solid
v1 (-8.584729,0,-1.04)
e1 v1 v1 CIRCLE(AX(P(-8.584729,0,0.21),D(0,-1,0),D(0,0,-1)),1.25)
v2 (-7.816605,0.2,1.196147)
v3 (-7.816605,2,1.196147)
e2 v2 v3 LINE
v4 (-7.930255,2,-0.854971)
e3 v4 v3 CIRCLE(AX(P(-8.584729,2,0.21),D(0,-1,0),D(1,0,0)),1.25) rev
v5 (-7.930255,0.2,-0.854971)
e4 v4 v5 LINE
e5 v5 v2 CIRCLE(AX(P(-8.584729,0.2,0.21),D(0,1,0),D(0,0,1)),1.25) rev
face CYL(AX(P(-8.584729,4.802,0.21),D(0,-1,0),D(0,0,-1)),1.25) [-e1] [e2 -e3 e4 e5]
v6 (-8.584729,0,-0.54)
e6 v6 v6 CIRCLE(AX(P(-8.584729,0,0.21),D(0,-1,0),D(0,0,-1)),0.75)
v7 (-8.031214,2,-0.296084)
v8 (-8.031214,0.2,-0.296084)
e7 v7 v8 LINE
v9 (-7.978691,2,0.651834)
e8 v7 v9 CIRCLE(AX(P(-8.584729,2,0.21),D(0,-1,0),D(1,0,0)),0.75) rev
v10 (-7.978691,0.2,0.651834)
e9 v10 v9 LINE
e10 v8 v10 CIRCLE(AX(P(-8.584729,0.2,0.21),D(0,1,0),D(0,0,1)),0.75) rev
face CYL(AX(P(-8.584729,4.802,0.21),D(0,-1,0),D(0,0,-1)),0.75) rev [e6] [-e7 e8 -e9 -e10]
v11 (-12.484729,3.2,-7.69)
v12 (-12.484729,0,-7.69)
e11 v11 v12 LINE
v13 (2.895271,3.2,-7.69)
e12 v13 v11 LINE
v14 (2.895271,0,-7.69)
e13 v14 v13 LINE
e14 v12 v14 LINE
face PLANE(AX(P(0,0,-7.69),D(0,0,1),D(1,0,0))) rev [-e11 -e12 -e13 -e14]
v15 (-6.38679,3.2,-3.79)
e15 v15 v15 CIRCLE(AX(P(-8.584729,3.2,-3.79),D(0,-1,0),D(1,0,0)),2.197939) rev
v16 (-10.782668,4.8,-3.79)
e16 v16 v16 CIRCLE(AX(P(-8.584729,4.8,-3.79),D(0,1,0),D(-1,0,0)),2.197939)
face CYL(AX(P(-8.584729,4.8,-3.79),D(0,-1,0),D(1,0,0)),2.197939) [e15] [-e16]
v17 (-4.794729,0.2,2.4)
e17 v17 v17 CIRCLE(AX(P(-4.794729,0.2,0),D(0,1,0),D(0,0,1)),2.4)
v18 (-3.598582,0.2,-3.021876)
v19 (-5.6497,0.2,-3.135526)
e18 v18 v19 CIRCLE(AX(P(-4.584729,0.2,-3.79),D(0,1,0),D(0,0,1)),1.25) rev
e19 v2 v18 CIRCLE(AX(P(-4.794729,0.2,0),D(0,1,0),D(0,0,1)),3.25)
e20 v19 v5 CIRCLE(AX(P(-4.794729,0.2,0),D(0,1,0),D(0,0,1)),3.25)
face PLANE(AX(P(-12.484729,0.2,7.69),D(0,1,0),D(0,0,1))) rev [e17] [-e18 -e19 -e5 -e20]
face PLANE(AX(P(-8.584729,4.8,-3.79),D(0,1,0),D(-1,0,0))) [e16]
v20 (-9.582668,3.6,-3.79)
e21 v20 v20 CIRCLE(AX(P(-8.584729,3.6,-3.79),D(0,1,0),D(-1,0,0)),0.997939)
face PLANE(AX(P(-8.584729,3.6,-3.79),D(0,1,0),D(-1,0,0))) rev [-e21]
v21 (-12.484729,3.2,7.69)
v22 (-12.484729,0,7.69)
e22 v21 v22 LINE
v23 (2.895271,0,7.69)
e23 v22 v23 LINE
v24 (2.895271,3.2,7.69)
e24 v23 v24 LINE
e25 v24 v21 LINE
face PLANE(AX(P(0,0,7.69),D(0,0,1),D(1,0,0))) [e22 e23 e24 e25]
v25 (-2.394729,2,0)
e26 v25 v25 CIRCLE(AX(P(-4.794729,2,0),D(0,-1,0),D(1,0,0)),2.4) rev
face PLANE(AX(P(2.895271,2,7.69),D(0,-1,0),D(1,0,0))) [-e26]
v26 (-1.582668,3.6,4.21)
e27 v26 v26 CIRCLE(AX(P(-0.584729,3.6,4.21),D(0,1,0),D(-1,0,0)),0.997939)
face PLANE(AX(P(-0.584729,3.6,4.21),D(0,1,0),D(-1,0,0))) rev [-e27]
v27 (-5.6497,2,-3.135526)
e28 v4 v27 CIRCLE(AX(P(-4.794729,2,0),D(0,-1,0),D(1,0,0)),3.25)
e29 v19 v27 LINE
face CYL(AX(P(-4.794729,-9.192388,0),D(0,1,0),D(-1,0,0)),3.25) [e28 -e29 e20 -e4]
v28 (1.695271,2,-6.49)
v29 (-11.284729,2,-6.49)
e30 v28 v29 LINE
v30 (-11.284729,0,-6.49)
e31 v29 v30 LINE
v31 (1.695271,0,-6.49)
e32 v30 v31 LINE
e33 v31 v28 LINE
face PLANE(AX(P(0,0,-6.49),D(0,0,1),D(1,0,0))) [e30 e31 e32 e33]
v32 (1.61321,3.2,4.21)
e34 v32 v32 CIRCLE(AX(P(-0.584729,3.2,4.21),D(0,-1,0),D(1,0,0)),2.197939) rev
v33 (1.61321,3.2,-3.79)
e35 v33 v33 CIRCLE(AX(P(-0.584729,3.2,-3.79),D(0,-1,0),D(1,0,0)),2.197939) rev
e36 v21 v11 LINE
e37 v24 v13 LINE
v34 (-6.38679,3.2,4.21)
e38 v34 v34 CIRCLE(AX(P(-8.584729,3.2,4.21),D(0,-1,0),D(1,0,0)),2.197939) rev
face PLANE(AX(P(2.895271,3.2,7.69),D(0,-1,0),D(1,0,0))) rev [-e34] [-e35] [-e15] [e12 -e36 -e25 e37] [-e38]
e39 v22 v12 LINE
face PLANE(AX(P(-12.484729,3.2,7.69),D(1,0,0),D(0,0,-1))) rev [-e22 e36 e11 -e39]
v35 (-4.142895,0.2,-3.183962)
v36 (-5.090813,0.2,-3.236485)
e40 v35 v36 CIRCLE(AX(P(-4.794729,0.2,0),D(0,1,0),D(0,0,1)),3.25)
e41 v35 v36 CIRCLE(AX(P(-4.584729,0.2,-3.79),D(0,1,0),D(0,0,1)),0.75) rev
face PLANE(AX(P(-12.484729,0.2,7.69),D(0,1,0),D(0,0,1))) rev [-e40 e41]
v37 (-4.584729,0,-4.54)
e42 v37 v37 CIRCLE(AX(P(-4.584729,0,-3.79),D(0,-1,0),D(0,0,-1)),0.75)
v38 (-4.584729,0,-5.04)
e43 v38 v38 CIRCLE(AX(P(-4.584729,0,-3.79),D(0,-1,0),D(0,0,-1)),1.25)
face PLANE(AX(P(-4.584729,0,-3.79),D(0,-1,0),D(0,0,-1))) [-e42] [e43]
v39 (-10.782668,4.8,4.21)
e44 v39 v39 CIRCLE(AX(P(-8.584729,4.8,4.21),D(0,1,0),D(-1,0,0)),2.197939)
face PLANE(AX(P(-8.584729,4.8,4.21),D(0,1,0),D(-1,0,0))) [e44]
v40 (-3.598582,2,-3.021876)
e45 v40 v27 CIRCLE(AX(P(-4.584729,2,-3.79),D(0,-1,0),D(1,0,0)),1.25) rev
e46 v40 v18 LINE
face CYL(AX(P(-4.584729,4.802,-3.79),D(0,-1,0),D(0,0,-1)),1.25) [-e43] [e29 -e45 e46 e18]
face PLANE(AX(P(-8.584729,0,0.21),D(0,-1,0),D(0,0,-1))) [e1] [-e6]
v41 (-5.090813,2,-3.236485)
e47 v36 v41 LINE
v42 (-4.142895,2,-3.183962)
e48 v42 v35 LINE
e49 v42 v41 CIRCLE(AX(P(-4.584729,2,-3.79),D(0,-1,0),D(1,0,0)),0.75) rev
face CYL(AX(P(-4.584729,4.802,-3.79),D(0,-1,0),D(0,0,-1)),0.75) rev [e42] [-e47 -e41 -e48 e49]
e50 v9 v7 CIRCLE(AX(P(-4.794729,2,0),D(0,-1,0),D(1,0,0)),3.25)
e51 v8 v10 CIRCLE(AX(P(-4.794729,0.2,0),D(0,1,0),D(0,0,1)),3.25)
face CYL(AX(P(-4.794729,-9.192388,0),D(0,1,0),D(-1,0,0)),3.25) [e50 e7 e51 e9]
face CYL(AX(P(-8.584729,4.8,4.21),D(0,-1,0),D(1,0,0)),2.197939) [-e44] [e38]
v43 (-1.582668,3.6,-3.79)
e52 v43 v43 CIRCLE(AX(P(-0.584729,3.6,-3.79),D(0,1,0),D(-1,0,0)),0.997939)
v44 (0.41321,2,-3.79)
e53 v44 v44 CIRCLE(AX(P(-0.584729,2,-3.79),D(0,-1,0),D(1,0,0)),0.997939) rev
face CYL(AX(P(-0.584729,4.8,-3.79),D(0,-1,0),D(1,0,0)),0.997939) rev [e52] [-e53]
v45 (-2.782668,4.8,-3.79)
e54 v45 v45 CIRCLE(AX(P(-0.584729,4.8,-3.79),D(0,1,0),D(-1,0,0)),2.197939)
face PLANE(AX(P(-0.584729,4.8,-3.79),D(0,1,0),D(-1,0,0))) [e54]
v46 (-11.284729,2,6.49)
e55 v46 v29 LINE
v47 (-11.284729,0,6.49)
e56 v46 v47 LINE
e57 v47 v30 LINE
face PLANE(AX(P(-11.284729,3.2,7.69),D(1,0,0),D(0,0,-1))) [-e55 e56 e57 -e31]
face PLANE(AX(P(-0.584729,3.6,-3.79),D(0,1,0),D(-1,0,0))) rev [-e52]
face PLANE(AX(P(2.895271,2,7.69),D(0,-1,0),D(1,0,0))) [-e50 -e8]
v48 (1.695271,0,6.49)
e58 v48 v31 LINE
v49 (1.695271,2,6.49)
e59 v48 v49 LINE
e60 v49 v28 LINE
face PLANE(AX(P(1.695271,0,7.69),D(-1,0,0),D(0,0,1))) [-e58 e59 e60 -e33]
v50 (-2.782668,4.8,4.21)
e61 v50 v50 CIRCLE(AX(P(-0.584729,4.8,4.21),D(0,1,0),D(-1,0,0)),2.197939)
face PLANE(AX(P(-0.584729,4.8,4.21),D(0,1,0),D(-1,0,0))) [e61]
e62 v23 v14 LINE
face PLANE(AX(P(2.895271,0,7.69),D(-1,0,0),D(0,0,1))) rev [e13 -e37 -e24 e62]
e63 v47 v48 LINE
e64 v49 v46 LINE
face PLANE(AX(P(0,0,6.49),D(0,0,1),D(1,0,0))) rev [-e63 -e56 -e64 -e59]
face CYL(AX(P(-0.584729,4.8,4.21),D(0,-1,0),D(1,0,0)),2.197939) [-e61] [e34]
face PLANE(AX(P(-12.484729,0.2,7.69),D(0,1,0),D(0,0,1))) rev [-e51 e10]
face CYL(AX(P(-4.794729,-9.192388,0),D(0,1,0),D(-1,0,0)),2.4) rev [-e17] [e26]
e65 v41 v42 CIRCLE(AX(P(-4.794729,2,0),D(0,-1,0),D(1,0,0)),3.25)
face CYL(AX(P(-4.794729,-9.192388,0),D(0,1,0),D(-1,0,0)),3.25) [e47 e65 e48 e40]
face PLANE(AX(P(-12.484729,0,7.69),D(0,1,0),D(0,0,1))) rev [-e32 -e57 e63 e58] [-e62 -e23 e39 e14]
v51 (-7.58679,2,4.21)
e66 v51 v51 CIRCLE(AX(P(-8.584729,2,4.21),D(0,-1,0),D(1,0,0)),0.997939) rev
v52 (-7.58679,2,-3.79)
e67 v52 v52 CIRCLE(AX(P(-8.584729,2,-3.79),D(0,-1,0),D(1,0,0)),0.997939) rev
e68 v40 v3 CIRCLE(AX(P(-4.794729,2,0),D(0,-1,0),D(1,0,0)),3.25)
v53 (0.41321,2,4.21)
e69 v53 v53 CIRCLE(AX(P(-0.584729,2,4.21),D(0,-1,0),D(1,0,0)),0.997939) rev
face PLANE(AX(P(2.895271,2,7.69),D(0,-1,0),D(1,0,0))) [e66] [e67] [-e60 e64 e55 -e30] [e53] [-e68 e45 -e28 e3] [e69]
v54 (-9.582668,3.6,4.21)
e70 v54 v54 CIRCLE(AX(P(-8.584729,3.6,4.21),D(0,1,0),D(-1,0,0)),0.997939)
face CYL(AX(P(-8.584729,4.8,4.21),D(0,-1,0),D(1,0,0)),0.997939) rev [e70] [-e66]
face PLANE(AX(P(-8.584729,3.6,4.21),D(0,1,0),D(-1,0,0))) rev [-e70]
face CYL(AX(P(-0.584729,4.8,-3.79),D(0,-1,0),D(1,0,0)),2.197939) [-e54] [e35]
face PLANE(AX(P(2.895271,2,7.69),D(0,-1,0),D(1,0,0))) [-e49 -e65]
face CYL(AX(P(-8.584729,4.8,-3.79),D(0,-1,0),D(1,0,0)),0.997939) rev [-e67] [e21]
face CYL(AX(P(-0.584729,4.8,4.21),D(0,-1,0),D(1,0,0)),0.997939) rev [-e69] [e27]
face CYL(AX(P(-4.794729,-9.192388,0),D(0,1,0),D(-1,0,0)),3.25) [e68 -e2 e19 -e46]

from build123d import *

# Parameters (mm, degrees)
BASEFRAMESKETCH_W           = 15.38
BASEFRAMESKETCH_H           = 3.2
BASEFRAME_DEPTH             = 7.69
STUDSSKETCH_R               = 2.197938665
STUDS_DEPTH                 = 1.6
MAINSTUDSPATTERN_COUNT      = 2
MAINSTUDSPATTERN_PITCH      = 8
MAINSTUDSPATTERN_COUNT_DIR2 = 2
MAINSTUDSPATTERN_PITCH_DIR2 = 8
MAINBASESHELL_T             = -1.2
UNDERCIRCLESKETCH_R         = 3.25
UNDERCIRCLESKETCH_R_2       = 2.4
UNDERCIRCLEEXTRUDE_DEPTH    = 1.8
SMALLUNDERSIDEHOLEX_REACH   = 17.429
HOLEXSKETCH_R               = 1.25
HOLEXSKETCH_R_2             = 0.75
SMALLUNDERSIDEHOLEY_REACH   = 17.429
HOLEYSKETCH_R               = 1.25
HOLEYSKETCH_R_2             = 0.75


with BuildPart() as part:
    # BaseFrameSketch → BaseFrame (new, symmetric)
    with BuildSketch(Plane.XY):
        with Locations((-4.794729064, 1.6)):
            Rectangle(BASEFRAMESKETCH_W, BASEFRAMESKETCH_H)
    extrude(amount=BASEFRAME_DEPTH, both=True)

    # StudsSketch → Studs (add)
    with BuildSketch(Plane(origin=(0, 3.2, 0), x_dir=(1, 0, 0), z_dir=(0, 1, 0))):
        with Locations((-8.584729064, 3.79)):
            Circle(STUDSSKETCH_R)
    studs = extrude(amount=STUDS_DEPTH)

    # MainStudsPattern: Studs 2 × 2
    with Locations(*[(i * MAINSTUDSPATTERN_PITCH, 0, j * MAINSTUDSPATTERN_PITCH_DIR2) for i in range(MAINSTUDSPATTERN_COUNT) for j in range(MAINSTUDSPATTERN_COUNT_DIR2) if (i, j) != (0, 0)]):
        add(studs)

    # MainBaseShell
    mainbaseshell_openings = [part.faces().sort_by_distance(p)[0] for p in [
        (-4.794729064, 0, 0),
    ]]
    offset(amount=MAINBASESHELL_T, openings=mainbaseshell_openings, kind=Kind.INTERSECTION)

    # UnderCircleSketch → UnderCircleExtrude (add)
    with BuildSketch(Plane(origin=(0, 2, 0), x_dir=(-1, 0, 0), z_dir=(0, -1, 0))):
        with Locations(Location((4.794729064, 0, 0), (0, 0, 270))):
            Circle(UNDERCIRCLESKETCH_R)
        with Locations(Location((4.794729064, 0, 0), (0, 0, 270))):
            Circle(UNDERCIRCLESKETCH_R_2, mode=Mode.SUBTRACT)
    extrude(amount=UNDERCIRCLEEXTRUDE_DEPTH)

    # HoleXSketch → SmallUnderSideHoleX (add, up to next)
    with BuildSketch(Plane(origin=(0, 0, 0), x_dir=(-1, 0, 0), z_dir=(0, -1, 0)), mode=Mode.PRIVATE) as smallundersideholex_sk1:
        with Locations(Location((4.584729064, 3.79, 0), (0, 0, 90))):
            Circle(HOLEXSKETCH_R)
        with Locations(Location((4.584729064, 3.79, 0), (0, 0, 90))):
            Circle(HOLEXSKETCH_R_2, mode=Mode.SUBTRACT)
    smallundersideholex_tool1 = extrude(smallundersideholex_sk1.sketch, amount=-SMALLUNDERSIDEHOLEX_REACH, mode=Mode.PRIVATE) - part.part
    add(smallundersideholex_tool1.solids().sort_by_distance((-4.584729, 0, -2.575355))[0])

    # HoleYSketch → SmallUnderSideHoleY (add, up to next)
    with BuildSketch(Plane(origin=(0, 0, 0), x_dir=(-1, 0, 0), z_dir=(0, -1, 0)), mode=Mode.PRIVATE) as smallundersideholey_sk1:
        with Locations(Location((8.584729064, -0.21, 0), (0, 0, 90))):
            Circle(HOLEYSKETCH_R)
        with Locations(Location((8.584729064, -0.21, 0), (0, 0, 90))):
            Circle(HOLEYSKETCH_R_2, mode=Mode.SUBTRACT)
    smallundersideholey_tool1 = extrude(smallundersideholey_sk1.sketch, amount=-SMALLUNDERSIDEHOLEY_REACH, mode=Mode.PRIVATE) - part.part
    add(smallundersideholey_tool1.solids().sort_by_distance((-8.584729, 0, 1.424645))[0])


solid = part.part
